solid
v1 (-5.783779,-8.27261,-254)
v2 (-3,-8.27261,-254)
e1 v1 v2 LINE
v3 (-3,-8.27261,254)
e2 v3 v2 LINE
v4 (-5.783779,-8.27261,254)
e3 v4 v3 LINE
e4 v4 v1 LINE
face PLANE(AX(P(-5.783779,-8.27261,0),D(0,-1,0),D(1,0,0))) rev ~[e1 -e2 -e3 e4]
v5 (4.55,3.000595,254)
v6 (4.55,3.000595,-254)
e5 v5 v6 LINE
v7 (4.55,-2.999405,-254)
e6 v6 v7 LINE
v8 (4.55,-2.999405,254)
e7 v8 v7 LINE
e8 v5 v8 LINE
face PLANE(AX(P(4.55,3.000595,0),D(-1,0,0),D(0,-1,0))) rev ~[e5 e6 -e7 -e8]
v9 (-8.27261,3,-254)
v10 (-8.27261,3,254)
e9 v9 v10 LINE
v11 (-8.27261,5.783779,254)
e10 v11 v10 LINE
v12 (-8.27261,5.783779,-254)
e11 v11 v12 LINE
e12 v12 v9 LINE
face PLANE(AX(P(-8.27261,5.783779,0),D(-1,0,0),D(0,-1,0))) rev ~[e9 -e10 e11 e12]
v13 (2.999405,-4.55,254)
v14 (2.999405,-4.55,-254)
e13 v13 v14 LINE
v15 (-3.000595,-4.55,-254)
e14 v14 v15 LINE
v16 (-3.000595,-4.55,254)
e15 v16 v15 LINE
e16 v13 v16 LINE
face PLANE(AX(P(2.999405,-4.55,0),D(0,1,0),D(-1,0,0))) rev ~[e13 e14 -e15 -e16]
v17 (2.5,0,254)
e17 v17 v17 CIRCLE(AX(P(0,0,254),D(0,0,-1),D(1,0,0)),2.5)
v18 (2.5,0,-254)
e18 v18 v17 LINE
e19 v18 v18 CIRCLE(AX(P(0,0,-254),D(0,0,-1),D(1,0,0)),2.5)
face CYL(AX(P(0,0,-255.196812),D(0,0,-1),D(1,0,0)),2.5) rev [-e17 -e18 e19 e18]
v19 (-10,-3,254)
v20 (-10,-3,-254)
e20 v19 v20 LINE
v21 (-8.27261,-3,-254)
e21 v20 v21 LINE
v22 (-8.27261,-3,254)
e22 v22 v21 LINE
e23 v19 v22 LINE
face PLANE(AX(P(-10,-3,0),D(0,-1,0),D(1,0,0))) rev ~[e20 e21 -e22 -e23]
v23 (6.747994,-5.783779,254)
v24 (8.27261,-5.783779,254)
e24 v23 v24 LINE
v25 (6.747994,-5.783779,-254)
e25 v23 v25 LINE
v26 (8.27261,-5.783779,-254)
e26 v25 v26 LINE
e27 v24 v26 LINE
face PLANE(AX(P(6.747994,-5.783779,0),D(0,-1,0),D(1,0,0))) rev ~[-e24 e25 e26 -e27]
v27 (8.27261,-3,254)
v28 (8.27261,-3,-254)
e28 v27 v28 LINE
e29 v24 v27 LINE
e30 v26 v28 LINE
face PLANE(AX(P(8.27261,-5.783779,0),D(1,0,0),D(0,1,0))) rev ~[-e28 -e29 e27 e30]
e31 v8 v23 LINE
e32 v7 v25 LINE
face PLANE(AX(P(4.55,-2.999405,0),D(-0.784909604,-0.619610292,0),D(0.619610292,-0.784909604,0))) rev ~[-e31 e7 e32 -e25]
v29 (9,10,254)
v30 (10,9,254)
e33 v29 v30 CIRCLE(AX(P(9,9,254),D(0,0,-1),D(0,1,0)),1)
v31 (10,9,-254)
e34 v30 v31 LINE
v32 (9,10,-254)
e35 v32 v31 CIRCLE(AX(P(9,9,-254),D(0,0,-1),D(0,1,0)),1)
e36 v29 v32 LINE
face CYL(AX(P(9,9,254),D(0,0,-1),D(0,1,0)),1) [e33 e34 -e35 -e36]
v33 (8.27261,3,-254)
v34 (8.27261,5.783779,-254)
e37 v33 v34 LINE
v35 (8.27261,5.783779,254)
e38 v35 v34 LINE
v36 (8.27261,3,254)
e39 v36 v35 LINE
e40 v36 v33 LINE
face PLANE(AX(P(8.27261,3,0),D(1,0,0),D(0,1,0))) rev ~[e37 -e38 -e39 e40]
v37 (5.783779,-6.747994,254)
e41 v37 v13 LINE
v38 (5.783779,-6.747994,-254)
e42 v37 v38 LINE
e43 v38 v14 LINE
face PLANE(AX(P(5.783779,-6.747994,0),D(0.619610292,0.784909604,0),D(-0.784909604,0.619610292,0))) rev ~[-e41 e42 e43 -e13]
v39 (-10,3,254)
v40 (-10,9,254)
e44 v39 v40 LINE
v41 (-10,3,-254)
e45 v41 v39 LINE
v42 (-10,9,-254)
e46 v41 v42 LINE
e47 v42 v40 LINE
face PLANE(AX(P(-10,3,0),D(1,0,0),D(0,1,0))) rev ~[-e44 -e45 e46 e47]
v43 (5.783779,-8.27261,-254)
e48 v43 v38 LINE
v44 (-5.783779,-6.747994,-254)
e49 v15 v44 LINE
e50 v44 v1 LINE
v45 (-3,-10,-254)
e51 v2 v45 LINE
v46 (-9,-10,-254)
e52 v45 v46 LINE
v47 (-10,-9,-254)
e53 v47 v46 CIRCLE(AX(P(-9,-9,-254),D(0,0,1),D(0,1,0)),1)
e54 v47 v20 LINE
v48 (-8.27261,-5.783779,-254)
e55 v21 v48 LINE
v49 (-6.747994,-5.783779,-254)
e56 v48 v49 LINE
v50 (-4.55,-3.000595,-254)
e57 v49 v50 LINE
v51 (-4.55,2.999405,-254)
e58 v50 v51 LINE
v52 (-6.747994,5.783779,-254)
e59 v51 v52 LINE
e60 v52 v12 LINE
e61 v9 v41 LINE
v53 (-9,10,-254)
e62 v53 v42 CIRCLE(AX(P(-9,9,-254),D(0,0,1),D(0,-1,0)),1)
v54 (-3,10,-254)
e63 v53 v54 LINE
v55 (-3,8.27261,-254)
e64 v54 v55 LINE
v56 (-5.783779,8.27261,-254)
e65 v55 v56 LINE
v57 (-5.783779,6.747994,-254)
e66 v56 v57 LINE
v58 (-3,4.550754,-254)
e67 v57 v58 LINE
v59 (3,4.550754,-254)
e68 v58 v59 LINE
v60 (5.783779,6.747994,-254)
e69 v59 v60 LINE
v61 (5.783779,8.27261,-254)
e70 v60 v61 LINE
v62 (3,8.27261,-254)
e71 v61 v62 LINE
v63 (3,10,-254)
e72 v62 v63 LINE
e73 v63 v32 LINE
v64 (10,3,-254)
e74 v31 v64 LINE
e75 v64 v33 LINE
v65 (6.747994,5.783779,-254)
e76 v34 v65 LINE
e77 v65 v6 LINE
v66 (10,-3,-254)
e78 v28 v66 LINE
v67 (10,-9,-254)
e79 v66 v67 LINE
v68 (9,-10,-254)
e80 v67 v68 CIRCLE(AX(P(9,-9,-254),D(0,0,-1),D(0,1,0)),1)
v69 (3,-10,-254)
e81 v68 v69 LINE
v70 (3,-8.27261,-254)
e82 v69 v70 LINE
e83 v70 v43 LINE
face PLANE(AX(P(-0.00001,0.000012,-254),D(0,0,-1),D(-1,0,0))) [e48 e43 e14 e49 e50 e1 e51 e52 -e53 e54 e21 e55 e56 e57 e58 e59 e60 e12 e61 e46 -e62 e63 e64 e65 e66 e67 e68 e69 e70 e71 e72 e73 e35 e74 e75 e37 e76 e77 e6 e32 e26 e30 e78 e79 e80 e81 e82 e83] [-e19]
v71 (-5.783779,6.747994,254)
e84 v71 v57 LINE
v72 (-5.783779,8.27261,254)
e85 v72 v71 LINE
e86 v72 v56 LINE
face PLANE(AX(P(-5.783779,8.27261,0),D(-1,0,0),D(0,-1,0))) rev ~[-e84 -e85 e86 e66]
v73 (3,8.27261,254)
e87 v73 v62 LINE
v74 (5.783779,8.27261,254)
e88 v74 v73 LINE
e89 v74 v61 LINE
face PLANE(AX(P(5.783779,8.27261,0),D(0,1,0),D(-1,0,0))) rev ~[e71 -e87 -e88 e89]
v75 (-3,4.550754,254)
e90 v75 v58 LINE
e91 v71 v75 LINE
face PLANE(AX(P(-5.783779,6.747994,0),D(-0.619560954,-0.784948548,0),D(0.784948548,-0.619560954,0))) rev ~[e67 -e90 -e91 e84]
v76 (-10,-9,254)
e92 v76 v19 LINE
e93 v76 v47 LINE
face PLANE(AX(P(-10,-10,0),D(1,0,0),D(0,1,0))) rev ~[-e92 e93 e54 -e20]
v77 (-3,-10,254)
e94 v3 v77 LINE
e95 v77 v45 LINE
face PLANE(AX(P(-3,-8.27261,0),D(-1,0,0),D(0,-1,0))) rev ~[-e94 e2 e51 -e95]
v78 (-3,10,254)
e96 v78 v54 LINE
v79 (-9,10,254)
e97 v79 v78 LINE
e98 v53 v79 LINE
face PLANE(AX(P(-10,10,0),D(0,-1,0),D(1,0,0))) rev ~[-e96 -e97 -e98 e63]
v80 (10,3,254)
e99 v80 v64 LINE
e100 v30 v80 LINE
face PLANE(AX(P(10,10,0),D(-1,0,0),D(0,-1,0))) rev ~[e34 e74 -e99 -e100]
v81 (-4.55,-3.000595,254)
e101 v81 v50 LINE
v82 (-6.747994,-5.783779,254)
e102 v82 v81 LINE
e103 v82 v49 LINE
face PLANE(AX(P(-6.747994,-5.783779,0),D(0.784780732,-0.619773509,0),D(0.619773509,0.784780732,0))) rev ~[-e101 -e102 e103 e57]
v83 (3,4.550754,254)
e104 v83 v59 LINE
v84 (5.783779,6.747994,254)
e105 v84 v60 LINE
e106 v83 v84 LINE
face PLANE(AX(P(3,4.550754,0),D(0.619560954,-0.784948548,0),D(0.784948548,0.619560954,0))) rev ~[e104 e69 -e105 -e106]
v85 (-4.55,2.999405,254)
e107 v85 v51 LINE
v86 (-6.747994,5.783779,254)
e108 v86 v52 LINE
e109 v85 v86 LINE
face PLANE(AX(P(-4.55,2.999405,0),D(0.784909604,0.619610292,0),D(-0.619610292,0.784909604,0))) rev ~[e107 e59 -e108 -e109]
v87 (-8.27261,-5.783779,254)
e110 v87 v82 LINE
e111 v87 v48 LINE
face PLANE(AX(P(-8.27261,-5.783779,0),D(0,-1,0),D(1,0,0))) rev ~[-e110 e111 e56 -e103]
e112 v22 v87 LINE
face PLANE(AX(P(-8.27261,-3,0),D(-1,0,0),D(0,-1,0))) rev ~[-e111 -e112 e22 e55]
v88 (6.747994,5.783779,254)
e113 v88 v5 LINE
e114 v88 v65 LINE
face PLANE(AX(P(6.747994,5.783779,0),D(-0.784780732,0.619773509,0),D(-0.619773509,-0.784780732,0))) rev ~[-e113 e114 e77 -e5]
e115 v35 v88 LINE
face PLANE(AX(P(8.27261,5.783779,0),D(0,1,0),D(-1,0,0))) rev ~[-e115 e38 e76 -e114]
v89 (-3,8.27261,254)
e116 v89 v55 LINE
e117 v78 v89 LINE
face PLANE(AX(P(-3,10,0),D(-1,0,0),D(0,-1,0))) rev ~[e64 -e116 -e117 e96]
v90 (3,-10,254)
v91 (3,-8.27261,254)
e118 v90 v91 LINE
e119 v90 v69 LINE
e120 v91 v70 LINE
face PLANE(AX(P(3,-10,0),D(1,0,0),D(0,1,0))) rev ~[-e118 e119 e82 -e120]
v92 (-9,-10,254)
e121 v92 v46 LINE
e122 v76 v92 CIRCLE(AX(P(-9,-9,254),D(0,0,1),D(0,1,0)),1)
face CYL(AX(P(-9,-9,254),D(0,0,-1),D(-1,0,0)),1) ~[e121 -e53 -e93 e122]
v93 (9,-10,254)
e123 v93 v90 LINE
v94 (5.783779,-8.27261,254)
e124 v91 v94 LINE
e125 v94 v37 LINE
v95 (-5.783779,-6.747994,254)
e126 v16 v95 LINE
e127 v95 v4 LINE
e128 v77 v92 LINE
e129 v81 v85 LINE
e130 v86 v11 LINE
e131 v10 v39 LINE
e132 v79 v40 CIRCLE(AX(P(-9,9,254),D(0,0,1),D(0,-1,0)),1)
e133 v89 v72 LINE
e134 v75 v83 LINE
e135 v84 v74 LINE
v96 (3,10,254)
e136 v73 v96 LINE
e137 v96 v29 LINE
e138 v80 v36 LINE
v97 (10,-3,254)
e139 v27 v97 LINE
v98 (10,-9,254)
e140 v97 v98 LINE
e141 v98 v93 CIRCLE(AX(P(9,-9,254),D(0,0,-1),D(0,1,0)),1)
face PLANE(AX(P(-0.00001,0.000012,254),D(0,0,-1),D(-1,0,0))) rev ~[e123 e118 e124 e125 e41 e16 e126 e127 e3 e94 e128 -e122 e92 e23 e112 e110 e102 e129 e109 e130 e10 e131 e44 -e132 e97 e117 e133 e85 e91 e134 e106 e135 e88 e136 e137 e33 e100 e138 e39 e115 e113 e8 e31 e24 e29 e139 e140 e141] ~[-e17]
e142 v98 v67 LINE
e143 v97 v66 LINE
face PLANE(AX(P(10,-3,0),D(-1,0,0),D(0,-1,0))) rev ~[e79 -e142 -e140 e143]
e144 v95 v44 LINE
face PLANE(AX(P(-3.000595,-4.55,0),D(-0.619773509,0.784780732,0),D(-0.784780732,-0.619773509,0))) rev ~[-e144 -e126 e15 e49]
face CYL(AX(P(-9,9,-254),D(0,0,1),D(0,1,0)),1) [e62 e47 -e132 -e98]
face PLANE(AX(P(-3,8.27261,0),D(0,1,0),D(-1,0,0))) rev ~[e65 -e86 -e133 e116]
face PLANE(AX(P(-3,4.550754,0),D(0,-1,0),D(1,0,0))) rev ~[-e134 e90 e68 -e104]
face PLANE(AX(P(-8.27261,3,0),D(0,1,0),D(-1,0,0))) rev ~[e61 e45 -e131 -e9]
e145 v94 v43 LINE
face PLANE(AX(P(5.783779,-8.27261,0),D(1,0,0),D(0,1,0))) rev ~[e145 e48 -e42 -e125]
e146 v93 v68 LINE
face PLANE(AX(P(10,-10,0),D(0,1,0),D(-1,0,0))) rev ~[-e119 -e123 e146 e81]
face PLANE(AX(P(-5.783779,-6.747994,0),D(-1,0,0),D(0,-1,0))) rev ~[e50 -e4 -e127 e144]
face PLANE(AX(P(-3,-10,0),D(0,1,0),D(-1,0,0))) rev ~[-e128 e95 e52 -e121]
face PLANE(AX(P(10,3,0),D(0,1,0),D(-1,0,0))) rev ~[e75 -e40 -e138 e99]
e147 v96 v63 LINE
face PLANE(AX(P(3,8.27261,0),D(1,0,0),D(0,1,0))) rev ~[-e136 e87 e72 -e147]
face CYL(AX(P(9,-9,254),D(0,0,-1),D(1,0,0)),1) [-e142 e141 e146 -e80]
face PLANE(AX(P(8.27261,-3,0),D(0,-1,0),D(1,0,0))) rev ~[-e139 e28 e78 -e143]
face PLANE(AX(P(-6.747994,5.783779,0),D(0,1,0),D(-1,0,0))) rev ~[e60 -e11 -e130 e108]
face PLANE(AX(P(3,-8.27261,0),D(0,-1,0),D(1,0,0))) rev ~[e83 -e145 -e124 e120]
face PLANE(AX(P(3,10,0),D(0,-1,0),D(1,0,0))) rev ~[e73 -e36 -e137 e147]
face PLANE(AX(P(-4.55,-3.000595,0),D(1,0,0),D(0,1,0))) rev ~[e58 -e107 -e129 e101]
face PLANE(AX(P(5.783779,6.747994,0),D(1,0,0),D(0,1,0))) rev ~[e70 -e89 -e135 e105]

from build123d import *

# Parameters (mm, degrees)
BOSS_EXTRUDE1_DEPTH     = 254
CUT_EXTRUDE1_DEPTH      = 509.196812269
CUT_EXTRUDE1_DEPTH_BACK = 509.196812269
SKETCH2_R               = 2.5
FILLET1_R               = 1
FILLET2_R               = 1


with BuildPart() as part:
    # Sketch1 → Boss-Extrude1 (new, symmetric)
    with BuildSketch(Plane.XY):
        Polygon((-10, 10), (-3, 10), (-3, 8.272610059), (-5.783778863, 8.272610059), (-5.783778863, 6.747994248), (-3, 4.550753814), (3, 4.550753814), (5.783778863, 6.747994248), (5.783778863, 8.272610059), (3, 8.272610059), (3, 10), (10, 10), (10, 3), (8.272610059, 3), (8.272610059, 5.783778863), (6.747994248, 5.783778863), (4.55, 3.000595152), (4.55, -2.999404848), (6.747994248, -5.783778863), (8.272610059, -5.783778863), (8.272610059, -3), (10, -3), (10, -10), (3, -10), (3, -8.272610059), (5.783778863, -8.272610059), (5.783778863, -6.747994248), (2.999404848, -4.55), (-3.000595152, -4.55), (-5.783778863, -6.747994248), (-5.783778863, -8.272610059), (-3, -8.272610059), (-3, -10), (-10, -10), (-10, -3), (-8.272610059, -3), (-8.272610059, -5.783778863), (-6.747994248, -5.783778863), (-4.55, -3.000595152), (-4.55, 2.999404848), (-6.747994248, 5.783778863), (-8.272610059, 5.783778863), (-8.272610059, 3), (-10, 3), align=None)
    extrude(amount=BOSS_EXTRUDE1_DEPTH, both=True)

    # Sketch2 → Cut-Extrude1 (cut, two sides: drawn at the far end of the back side and taken through both)
    with BuildSketch(Plane.XY.offset(254).offset(-CUT_EXTRUDE1_DEPTH_BACK)):
        Circle(SKETCH2_R)
    extrude(amount=CUT_EXTRUDE1_DEPTH + CUT_EXTRUDE1_DEPTH_BACK, mode=Mode.SUBTRACT)

    # Fillet1
    fillet1_edges = [part.edges().sort_by_distance(p)[0] for p in [
        (10, 10, 0),
    ]]
    fillet(fillet1_edges, radius=FILLET1_R)

    # Fillet2
    fillet2_edges = [part.edges().sort_by_distance(p)[0] for p in [
        (-10, 10, 0),
        (10, -10, 0),
        (-10, -10, 0),
    ]]
    fillet(fillet2_edges, radius=FILLET2_R)


solid = part.part
